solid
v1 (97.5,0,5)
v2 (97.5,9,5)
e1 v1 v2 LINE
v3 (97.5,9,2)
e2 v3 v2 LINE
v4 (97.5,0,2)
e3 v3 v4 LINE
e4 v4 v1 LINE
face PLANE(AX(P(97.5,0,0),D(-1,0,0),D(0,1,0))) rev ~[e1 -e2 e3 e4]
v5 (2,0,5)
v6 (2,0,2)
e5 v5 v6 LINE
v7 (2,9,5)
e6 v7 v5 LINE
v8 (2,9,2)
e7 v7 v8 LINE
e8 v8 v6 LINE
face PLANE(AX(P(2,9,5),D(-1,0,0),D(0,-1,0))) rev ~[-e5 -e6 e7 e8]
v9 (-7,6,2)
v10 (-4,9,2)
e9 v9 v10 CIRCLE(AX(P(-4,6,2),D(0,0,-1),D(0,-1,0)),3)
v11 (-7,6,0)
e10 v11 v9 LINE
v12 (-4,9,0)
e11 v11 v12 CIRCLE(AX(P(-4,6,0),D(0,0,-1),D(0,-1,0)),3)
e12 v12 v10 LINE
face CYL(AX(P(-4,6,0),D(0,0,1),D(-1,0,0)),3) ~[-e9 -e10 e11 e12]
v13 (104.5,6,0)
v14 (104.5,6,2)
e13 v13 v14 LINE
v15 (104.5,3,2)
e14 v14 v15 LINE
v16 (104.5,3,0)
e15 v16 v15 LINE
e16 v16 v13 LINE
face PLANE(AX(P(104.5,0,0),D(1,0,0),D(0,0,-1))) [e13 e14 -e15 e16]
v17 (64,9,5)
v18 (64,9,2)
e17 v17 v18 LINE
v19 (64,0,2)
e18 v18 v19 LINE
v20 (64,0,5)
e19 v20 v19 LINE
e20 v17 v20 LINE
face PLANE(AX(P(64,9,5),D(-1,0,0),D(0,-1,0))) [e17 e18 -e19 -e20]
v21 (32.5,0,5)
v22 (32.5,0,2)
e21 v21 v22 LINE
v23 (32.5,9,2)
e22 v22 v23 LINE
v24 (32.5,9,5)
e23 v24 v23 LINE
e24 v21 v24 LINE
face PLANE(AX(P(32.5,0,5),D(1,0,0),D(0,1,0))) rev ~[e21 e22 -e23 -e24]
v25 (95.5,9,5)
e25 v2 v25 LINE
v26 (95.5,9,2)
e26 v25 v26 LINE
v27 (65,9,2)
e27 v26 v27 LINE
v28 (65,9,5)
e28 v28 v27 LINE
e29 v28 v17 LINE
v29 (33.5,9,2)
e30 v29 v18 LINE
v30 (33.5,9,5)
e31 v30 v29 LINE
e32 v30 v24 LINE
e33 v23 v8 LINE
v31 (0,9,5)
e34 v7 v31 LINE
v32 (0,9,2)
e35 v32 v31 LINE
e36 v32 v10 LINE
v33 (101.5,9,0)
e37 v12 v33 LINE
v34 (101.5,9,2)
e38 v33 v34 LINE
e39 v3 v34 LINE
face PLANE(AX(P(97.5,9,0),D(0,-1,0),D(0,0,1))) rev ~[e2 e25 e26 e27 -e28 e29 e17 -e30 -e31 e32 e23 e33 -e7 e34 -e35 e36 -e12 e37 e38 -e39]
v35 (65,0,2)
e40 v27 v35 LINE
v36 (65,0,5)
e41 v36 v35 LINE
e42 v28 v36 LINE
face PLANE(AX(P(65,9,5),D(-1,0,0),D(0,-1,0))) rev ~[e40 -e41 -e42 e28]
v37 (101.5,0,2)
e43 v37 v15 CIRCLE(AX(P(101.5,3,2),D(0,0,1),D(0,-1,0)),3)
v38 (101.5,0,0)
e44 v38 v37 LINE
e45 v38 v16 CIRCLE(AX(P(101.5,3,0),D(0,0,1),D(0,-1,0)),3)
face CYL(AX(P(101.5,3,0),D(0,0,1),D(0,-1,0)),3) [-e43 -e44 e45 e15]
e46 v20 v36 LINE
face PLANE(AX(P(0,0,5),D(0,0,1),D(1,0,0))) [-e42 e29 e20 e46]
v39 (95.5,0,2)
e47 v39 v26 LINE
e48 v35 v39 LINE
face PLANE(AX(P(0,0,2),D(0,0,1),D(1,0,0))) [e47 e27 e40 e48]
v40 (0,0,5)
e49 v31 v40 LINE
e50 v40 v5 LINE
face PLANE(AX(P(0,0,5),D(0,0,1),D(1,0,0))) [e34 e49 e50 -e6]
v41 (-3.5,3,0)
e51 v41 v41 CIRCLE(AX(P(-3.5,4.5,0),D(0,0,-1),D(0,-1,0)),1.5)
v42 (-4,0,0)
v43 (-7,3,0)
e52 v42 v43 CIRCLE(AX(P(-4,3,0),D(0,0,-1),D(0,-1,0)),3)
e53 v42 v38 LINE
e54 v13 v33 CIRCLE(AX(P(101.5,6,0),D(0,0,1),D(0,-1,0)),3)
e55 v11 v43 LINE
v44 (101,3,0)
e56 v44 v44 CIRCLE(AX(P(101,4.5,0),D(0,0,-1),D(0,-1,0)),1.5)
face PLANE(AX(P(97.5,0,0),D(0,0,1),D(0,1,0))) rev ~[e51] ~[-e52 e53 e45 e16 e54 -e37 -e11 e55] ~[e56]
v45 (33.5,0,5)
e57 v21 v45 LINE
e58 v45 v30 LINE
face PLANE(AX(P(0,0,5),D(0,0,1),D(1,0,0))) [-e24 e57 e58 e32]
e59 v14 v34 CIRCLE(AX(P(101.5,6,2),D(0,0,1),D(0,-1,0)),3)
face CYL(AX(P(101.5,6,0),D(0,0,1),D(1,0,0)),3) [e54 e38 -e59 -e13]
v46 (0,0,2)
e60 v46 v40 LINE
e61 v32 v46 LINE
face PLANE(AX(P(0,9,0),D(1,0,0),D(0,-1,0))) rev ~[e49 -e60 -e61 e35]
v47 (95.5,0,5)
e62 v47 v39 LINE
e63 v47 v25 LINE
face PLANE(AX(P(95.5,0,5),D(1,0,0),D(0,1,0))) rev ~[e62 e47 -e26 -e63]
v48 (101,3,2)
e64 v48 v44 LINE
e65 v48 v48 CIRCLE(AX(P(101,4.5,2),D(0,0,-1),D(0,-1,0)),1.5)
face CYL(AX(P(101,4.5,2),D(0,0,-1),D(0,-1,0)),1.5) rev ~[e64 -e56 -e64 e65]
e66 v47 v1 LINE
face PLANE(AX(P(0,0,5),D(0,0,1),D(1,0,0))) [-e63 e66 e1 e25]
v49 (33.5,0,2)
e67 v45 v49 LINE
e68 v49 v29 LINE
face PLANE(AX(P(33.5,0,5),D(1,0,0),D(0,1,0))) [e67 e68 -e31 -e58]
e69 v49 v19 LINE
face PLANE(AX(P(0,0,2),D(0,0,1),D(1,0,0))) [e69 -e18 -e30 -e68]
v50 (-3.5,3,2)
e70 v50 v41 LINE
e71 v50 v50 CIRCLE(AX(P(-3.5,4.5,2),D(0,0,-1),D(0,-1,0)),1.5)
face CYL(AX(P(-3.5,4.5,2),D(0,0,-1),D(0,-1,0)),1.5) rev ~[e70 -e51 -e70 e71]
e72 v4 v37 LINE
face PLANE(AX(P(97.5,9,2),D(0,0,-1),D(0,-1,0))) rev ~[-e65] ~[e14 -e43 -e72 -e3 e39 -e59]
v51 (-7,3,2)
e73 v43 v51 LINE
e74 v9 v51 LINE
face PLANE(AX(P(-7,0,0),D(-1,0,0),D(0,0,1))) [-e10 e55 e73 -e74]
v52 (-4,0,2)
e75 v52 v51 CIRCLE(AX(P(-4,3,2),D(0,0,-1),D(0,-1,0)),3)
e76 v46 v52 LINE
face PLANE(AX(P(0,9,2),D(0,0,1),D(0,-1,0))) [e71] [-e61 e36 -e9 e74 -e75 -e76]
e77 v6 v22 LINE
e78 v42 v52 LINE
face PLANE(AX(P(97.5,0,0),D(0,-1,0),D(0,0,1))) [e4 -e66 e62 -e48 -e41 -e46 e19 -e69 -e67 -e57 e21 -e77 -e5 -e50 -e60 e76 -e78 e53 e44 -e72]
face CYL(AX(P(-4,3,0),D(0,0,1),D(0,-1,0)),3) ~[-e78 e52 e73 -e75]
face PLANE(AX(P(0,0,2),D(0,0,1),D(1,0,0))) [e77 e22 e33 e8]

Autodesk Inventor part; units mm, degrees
ref_plane "YZ Plane" through (0, 0, 0) normal (1, 0, 0) x (0, 1, 0)
ref_plane "XZ Plane" through (0, 0, 0) normal (0, 1, 0) x (-1, 0, 0)
ref_plane "XY Plane" through (0, 0, 0) normal (0, 0, 1) x (1, 0, 0)
sketch "Sketch1" plane through (0, 0, 0) normal (0, 0, 1) x (1, 0, 0)
  line L0 (0, 0) -> (97.5, 0)
  line L1 (97.5, 0) -> (97.5, 9)
  line L2 (97.5, 9) -> (0, 9)
  line L3 (0, 9) -> (0, 0)
  dimension "d2" = 97.5
  dimension "d3" = 9
extrude "Extrusion1" add sketch "Sketch1" along normal blind 5
sketch "Sketch2" plane through (0, 0, 5) normal (0, 0, 1) x (1, 0, 0)
  line L0 (0, 0) -> (97.5, 0) projected
  line L1 (97.5, 0) -> (97.5, 9) projected
  line L2 (0, 9) -> (0, 0) projected
  line L3 (2, 0) -> (32.5, 0)
  line L4 (32.5, 0) -> (32.5, 9)
  line L5 (32.5, 9) -> (2, 9)
  line L6 (2, 9) -> (2, 0)
  line L7 (33.5, 9) -> (64, 9)
  line L8 (64, 9) -> (64, 0)
  line L9 (64, 0) -> (33.5, 0)
  line L10 (33.5, 0) -> (33.5, 9)
  line L11 (65, 0) -> (95.5, 0)
  line L12 (95.5, 0) -> (95.5, 9)
  line L13 (95.5, 9) -> (65, 9)
  line L14 (65, 9) -> (65, 0)
  line L15 (97.5, 9) -> (0, 9) projected
  dimension "d5" = 30.5
  dimension "d6" = 2
  dimension "d7" = 2
  dimension "d8" = 30.5
  dimension "d9" = 30.5
  dimension "d10" = 1
extrude "Extrusion2" cut sketch "Sketch2" against normal blind 3 contours L6 L5 L4 L0 | L10 L7 L8 L0 | L14 L13 L12 L0
sketch "Sketch3" plane through (0, 0, 0) normal (-1, 0, 0) x (0, 0, 1)
  line L0 (0, 9) -> (0, 0) projected
  line L1 (0, 0) -> (5, 0) projected
  line L2 (0, 9) -> (2, 9)
  line L3 (2, 9) -> (2, 0)
  line L4 (2, 0) -> (0, 0)
  line L5 (0, 0) -> (0, 9)
  dimension "d13" = 2
extrude "Extrusion3" add sketch "Sketch3" along normal blind 7
sketch "Sketch5" plane through (97.5, 0, 0) normal (1, 0, 0) x (0, 0, -1)
  line L0 (0, 0) -> (-5, 0) projected
  line L1 (0, 9) -> (-2, 9)
  line L2 (-2, 9) -> (-2, 0)
  line L3 (-2, 0) -> (0, 0)
  line L4 (0, 0) -> (0, 9)
  dimension "d22" = 2
extrude "Extrusion5" add sketch "Sketch5" along normal blind 7
sketch "Sketch7" plane through (0, 0, 2) normal (0, 0, 1) x (1, 0, 0)
  line L0 (-7, 0) -> (-7, 9) projected
  line L1 (0, 0) -> (-7, 0) projected
  line L2 (97.5, 0) -> (97.5, 9) projected
  line L3 (97.5, 0) -> (104.5, 0) projected
  line L4 (104.5, 9) -> (104.5, 0) projected
  line L5 (97.5, 9) -> (104.5, 9) projected
  point P0 (-3.5, 4.5)
  point P1 (101, 4.5)
  dimension "d31" = 3.5
  dimension "d32" = 4.5
  dimension "d33" = 4.5
  dimension "d34" = 3.5
hole "Hole1" at (-3.5, 4.5, 2) at (101, 4.5, 2) direction (0, 0, -1) diameter 3 end through all
ref_plane "Work Plane1" through (33.5, 4.5, 2) normal (0, -1, 0) x (1, 0, 0)
fillet "Fillet1" radius 3 4 edges at (104.5, 0, 1) (104.5, 9, 1) (-7, 0, 1) (-7, 9, 1)
properties part number "base_corner" material "ABS Plastic"
